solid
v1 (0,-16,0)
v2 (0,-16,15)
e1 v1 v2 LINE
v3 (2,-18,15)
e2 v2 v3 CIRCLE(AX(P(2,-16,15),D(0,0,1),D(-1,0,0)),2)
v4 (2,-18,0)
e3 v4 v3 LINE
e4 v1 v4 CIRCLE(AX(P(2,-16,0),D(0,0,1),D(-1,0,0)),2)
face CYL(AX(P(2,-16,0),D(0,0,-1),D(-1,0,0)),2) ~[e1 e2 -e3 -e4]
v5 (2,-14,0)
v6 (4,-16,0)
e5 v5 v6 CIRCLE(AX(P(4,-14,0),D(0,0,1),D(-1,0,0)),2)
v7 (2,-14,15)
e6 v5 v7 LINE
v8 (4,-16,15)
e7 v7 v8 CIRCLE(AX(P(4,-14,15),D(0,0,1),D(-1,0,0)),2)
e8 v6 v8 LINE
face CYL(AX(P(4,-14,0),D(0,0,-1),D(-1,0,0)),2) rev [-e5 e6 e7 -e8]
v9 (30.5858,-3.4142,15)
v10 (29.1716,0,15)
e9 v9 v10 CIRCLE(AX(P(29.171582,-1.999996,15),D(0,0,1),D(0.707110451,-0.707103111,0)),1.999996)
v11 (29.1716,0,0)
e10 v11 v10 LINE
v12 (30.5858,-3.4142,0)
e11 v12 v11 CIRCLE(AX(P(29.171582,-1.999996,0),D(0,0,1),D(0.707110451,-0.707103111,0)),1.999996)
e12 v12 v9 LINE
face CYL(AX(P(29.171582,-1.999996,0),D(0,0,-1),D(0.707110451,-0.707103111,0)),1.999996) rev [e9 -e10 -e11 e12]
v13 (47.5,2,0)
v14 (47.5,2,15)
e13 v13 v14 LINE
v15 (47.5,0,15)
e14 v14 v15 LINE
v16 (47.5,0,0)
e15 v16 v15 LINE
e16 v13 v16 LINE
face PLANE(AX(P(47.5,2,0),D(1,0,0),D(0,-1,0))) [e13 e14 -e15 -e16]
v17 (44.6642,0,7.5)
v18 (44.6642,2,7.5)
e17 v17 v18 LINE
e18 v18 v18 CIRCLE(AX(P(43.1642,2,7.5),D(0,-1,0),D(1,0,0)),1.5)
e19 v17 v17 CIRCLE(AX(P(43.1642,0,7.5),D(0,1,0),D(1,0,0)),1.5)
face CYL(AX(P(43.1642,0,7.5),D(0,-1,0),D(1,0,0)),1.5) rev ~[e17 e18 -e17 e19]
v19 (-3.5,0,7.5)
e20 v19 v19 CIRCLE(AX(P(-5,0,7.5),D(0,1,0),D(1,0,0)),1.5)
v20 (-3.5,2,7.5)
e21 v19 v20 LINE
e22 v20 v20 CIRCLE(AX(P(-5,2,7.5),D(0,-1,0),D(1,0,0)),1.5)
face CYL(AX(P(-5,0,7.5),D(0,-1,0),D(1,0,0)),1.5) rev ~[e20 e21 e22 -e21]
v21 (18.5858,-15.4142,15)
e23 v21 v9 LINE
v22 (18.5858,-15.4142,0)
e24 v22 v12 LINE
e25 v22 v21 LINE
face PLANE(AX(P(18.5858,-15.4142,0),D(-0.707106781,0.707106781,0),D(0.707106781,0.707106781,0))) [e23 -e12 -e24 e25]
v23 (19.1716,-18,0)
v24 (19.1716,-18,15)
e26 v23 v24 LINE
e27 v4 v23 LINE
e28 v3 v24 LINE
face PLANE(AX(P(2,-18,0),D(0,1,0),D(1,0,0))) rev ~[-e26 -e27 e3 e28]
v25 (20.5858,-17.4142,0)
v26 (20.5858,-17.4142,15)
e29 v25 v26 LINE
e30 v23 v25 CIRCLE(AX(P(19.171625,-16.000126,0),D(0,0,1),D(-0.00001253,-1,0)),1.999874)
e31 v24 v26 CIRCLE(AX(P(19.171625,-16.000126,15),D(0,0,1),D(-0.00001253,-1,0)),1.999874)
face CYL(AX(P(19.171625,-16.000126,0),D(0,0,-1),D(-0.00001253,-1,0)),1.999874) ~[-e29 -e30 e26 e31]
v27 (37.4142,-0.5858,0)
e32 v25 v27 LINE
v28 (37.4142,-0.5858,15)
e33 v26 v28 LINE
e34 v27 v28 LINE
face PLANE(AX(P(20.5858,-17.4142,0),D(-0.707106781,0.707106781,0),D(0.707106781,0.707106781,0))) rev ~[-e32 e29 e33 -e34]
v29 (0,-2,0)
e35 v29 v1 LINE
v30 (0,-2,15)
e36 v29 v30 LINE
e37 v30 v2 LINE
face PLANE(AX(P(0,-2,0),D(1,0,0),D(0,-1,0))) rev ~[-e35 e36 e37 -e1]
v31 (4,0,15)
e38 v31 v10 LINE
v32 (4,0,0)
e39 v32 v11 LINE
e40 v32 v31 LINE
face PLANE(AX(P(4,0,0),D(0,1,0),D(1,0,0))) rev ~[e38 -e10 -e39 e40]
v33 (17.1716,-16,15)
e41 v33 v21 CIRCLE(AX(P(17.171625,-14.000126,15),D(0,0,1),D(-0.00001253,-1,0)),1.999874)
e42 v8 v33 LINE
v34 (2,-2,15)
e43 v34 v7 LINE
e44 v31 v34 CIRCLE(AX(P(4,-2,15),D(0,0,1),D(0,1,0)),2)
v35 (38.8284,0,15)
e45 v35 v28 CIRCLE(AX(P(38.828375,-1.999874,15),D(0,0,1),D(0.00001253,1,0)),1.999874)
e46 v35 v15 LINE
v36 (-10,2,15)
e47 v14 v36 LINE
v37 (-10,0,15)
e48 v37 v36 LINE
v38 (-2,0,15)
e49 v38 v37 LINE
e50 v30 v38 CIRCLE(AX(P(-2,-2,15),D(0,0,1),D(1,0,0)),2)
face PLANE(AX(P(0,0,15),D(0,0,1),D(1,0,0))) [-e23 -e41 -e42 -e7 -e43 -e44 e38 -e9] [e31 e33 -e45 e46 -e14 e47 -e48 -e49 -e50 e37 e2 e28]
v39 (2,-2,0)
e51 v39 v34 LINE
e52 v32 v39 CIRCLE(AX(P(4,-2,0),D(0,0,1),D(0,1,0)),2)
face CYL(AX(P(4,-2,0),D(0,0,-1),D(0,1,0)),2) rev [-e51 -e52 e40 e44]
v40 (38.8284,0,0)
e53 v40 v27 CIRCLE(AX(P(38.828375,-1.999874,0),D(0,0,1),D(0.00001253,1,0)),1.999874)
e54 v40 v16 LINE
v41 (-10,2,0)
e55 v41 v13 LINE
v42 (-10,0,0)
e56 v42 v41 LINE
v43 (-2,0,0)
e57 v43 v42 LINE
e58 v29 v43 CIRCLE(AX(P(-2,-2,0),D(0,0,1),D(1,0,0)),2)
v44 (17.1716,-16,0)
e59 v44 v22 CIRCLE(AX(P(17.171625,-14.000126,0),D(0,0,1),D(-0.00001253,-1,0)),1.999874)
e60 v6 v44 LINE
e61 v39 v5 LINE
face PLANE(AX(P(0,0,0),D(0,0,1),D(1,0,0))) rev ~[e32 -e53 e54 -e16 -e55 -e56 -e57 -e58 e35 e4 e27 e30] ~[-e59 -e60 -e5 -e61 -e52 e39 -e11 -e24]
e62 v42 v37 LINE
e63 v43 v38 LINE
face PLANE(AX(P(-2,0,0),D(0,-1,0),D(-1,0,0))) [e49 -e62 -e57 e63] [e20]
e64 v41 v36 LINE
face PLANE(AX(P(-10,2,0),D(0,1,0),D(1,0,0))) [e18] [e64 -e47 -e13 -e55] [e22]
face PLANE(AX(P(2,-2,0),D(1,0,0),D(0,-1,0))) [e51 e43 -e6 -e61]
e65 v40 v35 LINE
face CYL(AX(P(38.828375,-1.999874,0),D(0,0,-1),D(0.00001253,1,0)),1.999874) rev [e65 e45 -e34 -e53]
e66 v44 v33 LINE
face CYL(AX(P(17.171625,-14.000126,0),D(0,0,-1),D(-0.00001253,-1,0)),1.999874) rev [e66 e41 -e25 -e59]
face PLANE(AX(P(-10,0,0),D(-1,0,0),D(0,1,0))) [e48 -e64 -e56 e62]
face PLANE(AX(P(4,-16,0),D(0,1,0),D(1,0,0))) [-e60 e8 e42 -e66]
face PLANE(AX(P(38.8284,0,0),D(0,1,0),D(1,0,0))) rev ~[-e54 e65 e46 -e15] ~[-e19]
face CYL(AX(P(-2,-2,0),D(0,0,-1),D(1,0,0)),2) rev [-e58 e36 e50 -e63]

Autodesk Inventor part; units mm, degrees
ref_plane "YZ Plane" through (0, 0, 0) normal (1, 0, 0) x (0, 1, 0)
ref_plane "XZ Plane" through (0, 0, 0) normal (0, 1, 0) x (-1, 0, 0)
ref_plane "XY Plane" through (0, 0, 0) normal (0, 0, 1) x (1, 0, 0)
sketch "Sketch1" plane through (0, 0, 0) normal (0, 0, 1) x (1, 0, 0)
  line L0 (0, -2) -> (0, -16)
  line L1 (2, -18) -> (19.1716, -18)
  line L2 (2, -2) -> (2, -14)
  line L3 (4, -16) -> (17.1716, -16)
  line L4 (20.5858, -17.4142) -> (37.4142, -0.5858)
  line L5 (18.5858, -15.4142) -> (30.5858, -3.4142)
  arc A0 (2, -14) -> (4, -16) centre (4, -14) ccw
  arc A1 (0, -16) -> (2, -18) centre (2, -16) ccw
  arc A2 (19.1716, -18) -> (20.5858, -17.4142) centre (19.1716, -16) ccw
  arc A3 (17.1716, -16) -> (18.5858, -15.4142) centre (17.1716, -14) ccw
  arc A4 (30.5858, -3.4142) -> (29.1716, 0) centre (29.1716, -2) ccw
  arc A5 (38.8284, 0) -> (37.4142, -0.5858) centre (38.8284, -2) ccw
  line L6 (2, -2) -> (2, -2)
  line L7 (-2, 0) -> (-10, 0)
  arc A6 (0, -2) -> (-2, 0) centre (-2, -2) ccw
  line L8 (-10, 0) -> (-10, 2)
  line L9 (-10, 2) -> (47.5, 2)
  line L10 (47.5, 2) -> (47.5, 0)
  arc A7 (4, 0) -> (2, -2) centre (4, -2) ccw
  line L11 (-10, 0) -> (-2, 0)
  line L12 (4, 0) -> (29.1716, 0)
  line L13 (38.8284, 0) -> (47.5, 0)
  line L14 (4, 0) -> (29.1716, 0)
  line L15 (38.8284, 0) -> (47.5, 0)
  line L16 (38.8284, 0) -> (38.8284, 2)
  point P0 (0, 0)
  point P1 (0, 0)
  point P2 (0, -18)
  point P3 (20, -18)
  point P4 (22, -16)
  point P5 (38, 0)
  point P6 (34, 0)
  point P7 (34, 0)
  dimension "d0" = 18
  dimension "d1" = 20
  dimension "d2" = 2
  dimension "d3" = 2
  dimension "d4" = 2
  dimension "d5" = 2
  dimension "d6" = 10
  dimension "d7" = 2
  dimension "d8" = 2
  dimension "d9" = 2
extrude "Extrusion1" add sketch "Sketch1" along normal blind 15
sketch "Sketch2" plane through (38.8284, 0, 0) normal (0, -1, 0) x (1, 0, 0)
  line L0 (8.6716, 0) -> (-48.8284, 0) projected
  line L1 (-48.8284, 0) -> (-48.8284, 5)
  line L2 (-48.8284, 0) -> (-48.8284, 15) projected
  line L3 (-48.8284, 5) -> (-48.8284, 0)
  line L4 (8.6716, 15) -> (-48.8284, 15) projected
  line L5 (-48.8284, 0) -> (-48.8284, 15)
  line L6 (-48.8284, 15) -> (-48.8284, 7.5)
  line L7 (-48.8284, 0) -> (-48.8284, 15) projected
  line L8 (-40.8284, 15) -> (-38.8284, 15) projected
  line L9 (-48.8284, 15) -> (-38.8284, 15)
  line L10 (-38.8284, 15) -> (-43.8284, 15)
  line L11 (-43.8284, 15) -> (-43.8284, 7.5)
  line L12 (-48.8284, 15) -> (-40.8284, 15) projected
  circle A0 centre (-43.8284, 7.5) radius 1.5
  line L13 (-18.2426, 15) -> (-1.4142, 15) projected
  line L14 (8.6716, 15) -> (-1.4142, 15)
  line L15 (-1.4142, 15) -> (4.3358, 15)
  line L16 (0, 15) -> (8.6716, 15) projected
  line L17 (4.3358, 15) -> (4.3358, 7.5)
  circle A1 centre (4.3358, 7.5) radius 1.5
  line L18 (8.6716, 0) -> (8.6716, 15) projected
  line L19 (8.6716, 15) -> (-48.8284, 15)
  line L20 (-48.8284, 15) -> (-48.8284, 0)
  line L21 (-48.8284, 0) -> (8.6716, 0)
  line L22 (8.6716, 0) -> (8.6716, 15)
  point P0 (-38.8284, 0)
  dimension "d12" = 5
  dimension "d13" = 5
  dimension "d19" = 3
  dimension "d20" = 3
extrude "Extrusion2" cut sketch "Sketch2" against normal up to surface (2 mm away) contours A1 | A0
sketch "Sketch3" plane through (-10, 2, 0) normal (0, 1, 0) x (1, 0, 0)
  line L0 (57.5, -15) -> (0, -15) projected
  line L1 (57.5, 0) -> (0, 0) projected
  line L2 (0, -15) -> (0, 0)
  line L3 (0, 0) -> (0, -15) projected
  line L4 (0, -15) -> (0, -7.5)
  line L5 (0, -7.5) -> (3.5, -7.5)
  circle A0 centre (5, -7.5) radius 1.5 projected
  line L6 (5, -7.5) -> (3.5, -7.5)
  circle A1 centre (53.1642, -7.5) radius 1.5 projected
  line L7 (53.1642, -6) -> (53.1642, -7.5)
  line L8 (53.1642, -7.5) -> (5, -7.5)
  line L9 (57.5, 0) -> (57.5, -15) projected
  point P0 (10, 0)
  dimension "d23" = 57.5
  dimension "d24" = 4.3358
properties part number "Motor_shroud"
